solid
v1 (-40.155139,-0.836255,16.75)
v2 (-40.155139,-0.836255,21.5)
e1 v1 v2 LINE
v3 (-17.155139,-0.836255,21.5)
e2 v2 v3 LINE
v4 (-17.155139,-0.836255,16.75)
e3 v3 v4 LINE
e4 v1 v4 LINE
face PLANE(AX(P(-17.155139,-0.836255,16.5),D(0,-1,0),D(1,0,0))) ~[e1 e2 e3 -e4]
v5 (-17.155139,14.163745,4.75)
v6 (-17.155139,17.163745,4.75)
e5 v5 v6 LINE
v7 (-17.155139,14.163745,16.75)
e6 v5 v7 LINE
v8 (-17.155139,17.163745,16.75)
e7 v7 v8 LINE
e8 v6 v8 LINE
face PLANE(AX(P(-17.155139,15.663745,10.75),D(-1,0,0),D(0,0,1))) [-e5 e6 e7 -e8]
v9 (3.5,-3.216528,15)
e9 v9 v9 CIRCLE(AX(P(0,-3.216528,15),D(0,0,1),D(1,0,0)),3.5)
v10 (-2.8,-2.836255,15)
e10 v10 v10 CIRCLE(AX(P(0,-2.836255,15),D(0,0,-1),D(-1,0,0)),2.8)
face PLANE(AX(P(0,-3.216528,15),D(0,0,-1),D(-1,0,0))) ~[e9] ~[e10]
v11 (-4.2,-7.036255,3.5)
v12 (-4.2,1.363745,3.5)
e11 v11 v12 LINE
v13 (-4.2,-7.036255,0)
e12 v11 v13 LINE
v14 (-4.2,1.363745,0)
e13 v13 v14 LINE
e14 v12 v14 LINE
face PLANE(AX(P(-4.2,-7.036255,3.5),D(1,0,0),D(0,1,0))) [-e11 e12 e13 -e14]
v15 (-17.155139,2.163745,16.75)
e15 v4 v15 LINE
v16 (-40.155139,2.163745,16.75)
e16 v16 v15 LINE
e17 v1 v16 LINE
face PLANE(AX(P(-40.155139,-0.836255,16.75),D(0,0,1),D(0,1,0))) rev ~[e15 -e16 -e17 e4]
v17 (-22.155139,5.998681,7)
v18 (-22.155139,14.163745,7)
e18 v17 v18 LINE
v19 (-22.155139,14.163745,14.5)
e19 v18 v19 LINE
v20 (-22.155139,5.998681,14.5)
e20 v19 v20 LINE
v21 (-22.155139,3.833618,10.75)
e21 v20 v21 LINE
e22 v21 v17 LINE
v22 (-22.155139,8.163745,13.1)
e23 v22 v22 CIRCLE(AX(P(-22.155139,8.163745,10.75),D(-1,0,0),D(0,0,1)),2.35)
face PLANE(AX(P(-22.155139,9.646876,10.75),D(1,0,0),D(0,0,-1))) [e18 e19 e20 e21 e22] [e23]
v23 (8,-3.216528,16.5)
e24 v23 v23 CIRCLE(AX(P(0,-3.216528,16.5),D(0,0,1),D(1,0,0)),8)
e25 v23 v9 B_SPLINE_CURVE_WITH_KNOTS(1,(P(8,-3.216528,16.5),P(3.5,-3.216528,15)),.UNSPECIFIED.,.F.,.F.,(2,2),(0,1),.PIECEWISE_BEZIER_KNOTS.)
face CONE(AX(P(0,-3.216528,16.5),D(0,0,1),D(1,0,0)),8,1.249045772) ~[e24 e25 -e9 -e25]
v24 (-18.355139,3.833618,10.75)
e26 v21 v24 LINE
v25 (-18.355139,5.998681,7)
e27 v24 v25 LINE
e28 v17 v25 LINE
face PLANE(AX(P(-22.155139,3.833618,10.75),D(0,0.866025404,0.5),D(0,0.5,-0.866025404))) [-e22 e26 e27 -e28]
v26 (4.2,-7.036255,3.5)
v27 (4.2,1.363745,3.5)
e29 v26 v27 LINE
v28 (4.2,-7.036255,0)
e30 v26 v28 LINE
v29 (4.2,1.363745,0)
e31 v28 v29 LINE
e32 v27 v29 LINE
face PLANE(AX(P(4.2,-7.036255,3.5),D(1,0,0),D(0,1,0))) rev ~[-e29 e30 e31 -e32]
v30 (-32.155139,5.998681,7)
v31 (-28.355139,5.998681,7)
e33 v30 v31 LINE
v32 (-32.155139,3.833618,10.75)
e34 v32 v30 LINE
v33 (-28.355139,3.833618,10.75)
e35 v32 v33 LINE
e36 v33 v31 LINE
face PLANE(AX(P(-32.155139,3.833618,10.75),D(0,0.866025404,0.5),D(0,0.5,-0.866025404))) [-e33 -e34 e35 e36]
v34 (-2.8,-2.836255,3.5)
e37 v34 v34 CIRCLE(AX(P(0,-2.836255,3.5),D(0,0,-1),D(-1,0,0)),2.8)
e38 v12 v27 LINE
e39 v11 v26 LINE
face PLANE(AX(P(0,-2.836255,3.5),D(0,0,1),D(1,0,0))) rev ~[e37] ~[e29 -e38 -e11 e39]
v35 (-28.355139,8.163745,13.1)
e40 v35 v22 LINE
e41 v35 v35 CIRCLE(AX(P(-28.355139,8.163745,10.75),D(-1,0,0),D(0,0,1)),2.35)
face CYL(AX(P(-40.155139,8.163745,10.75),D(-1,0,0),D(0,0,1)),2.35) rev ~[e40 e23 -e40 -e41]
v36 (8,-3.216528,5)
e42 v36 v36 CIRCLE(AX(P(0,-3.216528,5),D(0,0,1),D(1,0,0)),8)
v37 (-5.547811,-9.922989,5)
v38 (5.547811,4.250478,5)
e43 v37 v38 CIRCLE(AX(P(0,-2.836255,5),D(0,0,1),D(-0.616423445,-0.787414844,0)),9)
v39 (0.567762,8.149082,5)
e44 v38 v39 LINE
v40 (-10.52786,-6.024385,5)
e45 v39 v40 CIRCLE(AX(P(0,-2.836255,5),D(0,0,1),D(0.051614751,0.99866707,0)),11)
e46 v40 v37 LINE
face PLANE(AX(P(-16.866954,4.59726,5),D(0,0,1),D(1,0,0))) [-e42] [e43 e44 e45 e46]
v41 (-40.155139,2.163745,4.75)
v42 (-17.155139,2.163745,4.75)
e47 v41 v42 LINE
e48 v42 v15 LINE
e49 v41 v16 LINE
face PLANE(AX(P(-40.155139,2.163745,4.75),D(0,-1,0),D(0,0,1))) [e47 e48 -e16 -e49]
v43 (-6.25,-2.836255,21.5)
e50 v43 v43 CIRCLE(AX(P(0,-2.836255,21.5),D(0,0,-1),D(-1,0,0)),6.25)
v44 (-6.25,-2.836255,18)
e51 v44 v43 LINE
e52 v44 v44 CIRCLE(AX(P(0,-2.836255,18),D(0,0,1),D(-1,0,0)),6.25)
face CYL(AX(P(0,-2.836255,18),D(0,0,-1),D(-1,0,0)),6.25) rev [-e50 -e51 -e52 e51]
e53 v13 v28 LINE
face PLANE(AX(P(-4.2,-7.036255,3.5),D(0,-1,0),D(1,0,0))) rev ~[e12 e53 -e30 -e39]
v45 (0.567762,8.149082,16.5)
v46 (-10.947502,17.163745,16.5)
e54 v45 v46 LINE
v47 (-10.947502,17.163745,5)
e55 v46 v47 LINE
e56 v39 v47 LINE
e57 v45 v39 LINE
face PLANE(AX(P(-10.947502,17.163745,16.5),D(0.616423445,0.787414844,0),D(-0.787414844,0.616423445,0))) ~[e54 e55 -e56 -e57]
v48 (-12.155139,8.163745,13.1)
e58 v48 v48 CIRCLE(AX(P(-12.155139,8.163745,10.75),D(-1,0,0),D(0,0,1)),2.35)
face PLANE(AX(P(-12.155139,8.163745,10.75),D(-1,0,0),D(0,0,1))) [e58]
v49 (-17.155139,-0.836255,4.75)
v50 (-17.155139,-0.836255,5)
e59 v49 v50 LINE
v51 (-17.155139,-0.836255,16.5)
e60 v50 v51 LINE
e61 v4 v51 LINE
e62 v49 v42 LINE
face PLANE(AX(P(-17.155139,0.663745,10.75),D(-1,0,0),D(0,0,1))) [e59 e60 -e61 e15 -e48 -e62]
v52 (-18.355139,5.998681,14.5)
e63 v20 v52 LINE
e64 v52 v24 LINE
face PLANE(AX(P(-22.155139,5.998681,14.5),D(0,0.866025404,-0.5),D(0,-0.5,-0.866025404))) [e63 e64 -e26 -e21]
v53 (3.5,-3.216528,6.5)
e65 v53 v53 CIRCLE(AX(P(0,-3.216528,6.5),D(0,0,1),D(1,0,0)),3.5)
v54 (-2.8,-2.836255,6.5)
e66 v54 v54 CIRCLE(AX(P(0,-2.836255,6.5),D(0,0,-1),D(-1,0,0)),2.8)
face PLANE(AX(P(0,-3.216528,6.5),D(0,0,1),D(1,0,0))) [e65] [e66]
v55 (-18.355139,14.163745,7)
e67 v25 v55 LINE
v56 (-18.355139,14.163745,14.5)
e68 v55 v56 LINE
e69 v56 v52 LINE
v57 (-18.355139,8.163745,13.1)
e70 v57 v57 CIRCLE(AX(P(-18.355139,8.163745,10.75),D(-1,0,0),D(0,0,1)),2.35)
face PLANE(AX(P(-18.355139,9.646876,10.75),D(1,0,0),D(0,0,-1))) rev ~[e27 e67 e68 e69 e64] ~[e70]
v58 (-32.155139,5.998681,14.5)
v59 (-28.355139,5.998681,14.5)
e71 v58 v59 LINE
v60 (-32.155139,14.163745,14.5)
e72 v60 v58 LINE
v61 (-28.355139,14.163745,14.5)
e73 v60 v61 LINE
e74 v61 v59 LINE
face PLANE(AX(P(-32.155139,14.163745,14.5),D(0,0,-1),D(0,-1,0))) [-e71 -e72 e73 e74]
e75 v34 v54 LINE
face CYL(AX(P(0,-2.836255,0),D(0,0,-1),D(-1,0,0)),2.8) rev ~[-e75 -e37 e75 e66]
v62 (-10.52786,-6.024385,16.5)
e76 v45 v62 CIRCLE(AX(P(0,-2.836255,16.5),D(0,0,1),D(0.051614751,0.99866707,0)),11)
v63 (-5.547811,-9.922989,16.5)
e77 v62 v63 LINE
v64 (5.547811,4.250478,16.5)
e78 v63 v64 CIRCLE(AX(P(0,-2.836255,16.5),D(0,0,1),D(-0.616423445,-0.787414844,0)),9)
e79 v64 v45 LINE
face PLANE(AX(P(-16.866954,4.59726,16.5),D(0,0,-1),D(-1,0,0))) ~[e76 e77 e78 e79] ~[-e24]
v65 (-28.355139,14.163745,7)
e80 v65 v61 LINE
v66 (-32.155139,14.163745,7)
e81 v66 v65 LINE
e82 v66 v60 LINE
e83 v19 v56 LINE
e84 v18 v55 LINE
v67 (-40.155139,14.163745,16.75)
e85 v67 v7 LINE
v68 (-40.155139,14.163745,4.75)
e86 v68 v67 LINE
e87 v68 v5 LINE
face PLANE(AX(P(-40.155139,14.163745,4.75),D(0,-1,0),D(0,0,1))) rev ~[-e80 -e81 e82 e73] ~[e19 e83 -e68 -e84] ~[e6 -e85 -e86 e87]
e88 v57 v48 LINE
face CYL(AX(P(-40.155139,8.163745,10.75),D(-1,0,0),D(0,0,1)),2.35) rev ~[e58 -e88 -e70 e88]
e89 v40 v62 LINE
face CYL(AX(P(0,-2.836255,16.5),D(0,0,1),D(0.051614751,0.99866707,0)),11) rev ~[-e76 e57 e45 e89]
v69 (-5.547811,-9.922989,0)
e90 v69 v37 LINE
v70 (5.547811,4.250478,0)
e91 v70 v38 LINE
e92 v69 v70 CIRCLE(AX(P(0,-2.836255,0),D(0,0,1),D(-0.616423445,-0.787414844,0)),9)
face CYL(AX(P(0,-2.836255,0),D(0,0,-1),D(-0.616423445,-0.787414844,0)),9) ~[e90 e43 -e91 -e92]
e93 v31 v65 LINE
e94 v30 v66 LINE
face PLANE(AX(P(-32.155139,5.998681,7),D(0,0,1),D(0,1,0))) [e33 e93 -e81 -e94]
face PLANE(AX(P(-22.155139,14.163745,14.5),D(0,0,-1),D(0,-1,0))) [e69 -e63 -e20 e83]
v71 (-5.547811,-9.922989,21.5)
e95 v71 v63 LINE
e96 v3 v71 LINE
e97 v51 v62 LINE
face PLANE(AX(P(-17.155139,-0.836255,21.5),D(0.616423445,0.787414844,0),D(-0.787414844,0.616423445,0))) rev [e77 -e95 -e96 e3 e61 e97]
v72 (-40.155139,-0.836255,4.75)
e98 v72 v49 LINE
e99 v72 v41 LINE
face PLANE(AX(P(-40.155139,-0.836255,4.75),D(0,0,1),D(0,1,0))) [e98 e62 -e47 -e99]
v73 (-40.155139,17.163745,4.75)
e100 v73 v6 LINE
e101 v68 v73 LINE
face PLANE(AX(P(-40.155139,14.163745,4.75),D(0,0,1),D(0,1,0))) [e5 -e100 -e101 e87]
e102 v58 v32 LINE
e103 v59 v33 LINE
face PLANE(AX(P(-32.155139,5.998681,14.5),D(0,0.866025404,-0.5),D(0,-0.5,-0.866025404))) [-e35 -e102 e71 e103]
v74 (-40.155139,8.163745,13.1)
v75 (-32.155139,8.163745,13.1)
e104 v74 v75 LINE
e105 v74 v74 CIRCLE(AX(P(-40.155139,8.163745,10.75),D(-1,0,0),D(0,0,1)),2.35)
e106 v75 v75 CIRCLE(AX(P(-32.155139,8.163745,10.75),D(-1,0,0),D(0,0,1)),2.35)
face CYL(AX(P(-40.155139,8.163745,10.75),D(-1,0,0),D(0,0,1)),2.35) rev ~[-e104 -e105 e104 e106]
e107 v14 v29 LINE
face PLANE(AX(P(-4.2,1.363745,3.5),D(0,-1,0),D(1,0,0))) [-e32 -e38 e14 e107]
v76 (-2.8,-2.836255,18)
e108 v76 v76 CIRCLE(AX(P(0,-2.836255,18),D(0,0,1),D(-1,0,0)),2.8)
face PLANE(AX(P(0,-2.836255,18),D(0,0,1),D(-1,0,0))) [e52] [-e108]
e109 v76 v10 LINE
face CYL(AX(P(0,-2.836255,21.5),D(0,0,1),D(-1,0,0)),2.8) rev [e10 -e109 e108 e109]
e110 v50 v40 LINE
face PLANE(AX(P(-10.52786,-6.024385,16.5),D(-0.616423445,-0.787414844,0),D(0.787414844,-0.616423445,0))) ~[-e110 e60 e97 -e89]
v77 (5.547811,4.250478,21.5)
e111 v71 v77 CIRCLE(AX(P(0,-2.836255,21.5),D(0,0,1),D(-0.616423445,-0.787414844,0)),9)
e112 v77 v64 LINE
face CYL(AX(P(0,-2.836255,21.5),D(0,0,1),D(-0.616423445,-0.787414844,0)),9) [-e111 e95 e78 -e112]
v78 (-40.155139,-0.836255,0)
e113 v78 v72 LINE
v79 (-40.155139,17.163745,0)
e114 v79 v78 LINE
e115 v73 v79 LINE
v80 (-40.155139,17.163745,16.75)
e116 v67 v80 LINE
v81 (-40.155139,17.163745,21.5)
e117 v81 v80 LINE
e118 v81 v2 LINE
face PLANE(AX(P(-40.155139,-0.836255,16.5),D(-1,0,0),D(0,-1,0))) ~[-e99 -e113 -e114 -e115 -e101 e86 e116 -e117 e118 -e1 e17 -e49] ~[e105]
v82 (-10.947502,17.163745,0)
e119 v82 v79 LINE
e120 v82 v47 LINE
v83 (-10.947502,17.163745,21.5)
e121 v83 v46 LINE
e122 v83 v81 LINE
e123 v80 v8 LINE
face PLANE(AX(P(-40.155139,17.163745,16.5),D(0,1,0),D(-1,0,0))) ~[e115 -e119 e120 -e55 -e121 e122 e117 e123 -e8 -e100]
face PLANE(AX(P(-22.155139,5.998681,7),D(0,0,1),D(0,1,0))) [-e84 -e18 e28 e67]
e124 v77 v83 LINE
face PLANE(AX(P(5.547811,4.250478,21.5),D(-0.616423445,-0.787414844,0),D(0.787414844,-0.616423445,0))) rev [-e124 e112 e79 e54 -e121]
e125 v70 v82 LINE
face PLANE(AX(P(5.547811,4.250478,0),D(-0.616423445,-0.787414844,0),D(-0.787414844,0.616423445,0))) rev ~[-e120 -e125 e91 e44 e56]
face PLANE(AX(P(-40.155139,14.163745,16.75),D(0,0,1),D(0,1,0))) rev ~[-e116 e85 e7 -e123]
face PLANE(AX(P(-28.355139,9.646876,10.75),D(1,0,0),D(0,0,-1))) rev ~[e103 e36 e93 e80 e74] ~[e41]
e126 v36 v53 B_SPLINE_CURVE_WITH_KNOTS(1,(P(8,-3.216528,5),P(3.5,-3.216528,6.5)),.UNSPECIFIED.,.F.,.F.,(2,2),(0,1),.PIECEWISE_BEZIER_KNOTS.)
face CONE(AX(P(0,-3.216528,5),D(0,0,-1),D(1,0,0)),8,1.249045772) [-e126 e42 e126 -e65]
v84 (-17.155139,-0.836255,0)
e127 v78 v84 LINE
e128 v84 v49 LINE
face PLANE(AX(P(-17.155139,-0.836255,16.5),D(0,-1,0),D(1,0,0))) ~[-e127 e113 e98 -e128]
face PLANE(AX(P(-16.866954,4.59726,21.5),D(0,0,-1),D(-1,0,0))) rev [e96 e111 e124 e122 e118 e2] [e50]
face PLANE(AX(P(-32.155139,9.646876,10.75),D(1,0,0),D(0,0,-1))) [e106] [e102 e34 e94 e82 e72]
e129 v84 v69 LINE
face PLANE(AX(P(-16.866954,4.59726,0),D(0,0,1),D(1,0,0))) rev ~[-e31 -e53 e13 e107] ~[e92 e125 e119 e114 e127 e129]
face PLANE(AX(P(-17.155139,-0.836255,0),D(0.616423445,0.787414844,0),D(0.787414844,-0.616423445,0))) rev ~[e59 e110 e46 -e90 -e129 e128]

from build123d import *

# Parameters (mm, degrees)
BOSS_EXTRUDE1_DEPTH = 5
SKETCH8_R           = 3.5
BOSS_EXTRUDE5_DEPTH = 1.5
SKETCH10_R          = 8
BOSS_EXTRUDE7_DEPTH = 5.75
SKETCH15_R          = 2.8
CUT_EXTRUDE7_DEPTH  = 10
NUT_CUT_START       = -1.5
SKETCH6_W           = 8.4
SKETCH6_H           = 8.4
NUT_CUT_DEPTH       = 46.182751545
SKETCH16_W          = 12
SKETCH16_H          = 3
CUT_EXTRUDE8_DEPTH  = 23
SKETCH17_R          = 2.35
CUT_EXTRUDE9_DEPTH  = 28
CUT_EXTRUDE10_START = 1.5
SKETCH19_R          = 6.25
CUT_EXTRUDE10_DEPTH = 46.182751545
CUT_EXTRUDE11_START = -8
CUT_EXTRUDE11_DEPTH = 3.8
LPATTERN1_COUNT     = 2
LPATTERN1_PITCH     = 10


with BuildPart() as part:
    # Sketch1 → Boss-Extrude1 (new body)
    with BuildSketch(Plane.XY):
        with BuildLine():
            Line((-40.155138696, -0.836255417), (-17.155138696, -0.836255417))
            Line((-17.155138696, -0.836255417), (-5.547811002, -9.922989015))
            ThreePointArc((-5.547811002, -9.922989015), (7.086733598, -8.384066419), (5.547811002, 4.250478181))
            Line((5.547811002, 4.250478181), (-10.947501986, 17.163744583))
            Line((-10.947501986, 17.163744583), (-40.155138696, 17.163744583))
            Line((-40.155138696, 17.163744583), (-40.155138696, -0.836255417))
        make_face()
    extrude(amount=BOSS_EXTRUDE1_DEPTH)

    # Sketch8 → Boss-Extrude5 (add)
    with BuildSketch(Plane.XY.offset(5)):
        with Locations((0, -3.216528208)):
            Circle(SKETCH8_R)
    extrude(amount=BOSS_EXTRUDE5_DEPTH)

    # Sketch10 → section 0 of loft4
    with BuildSketch(Plane.XY.offset(5), mode=Mode.PRIVATE) as loft4_s0:
        with Locations((0, -3.216528208)):
            Circle(SKETCH10_R)
    # loft up to a face of the part (loft4)
    loft([loft4_s0.sketch, part.faces().sort_by_distance((0, -3.216528208, 6.5))[0]])

    # Sketch14 → Boss-Extrude7 (add)
    with BuildSketch(Plane.XY.offset(5)):
        with BuildLine():
            Line((-40.155138696, -0.836255417), (-40.155138696, 17.163744583))
            Line((-40.155138696, 17.163744583), (-10.947501986, 17.163744583))
            Line((-10.947501986, 17.163744583), (0.567762259, 8.149082357))
            ThreePointArc((0.567762259, 8.149082357), (-8.661563286, 3.944402474), (-10.527859744, -6.024384839))
            Line((-10.527859744, -6.024384839), (-17.155138696, -0.836255417))
            Line((-17.155138696, -0.836255417), (-40.155138696, -0.836255417))
        make_face()
    extrude(amount=BOSS_EXTRUDE7_DEPTH)

    # Sketch15 → Cut-Extrude7 (cut)
    with BuildSketch(Plane(origin=(0, 0, 0), x_dir=(-1, 0, 0), z_dir=(0, 0, -1))):
        with Locations((0, -2.836255417)):
            Circle(SKETCH15_R)
    extrude(amount=-CUT_EXTRUDE7_DEPTH, mode=Mode.SUBTRACT)

    # Mirror1: part across plane


with BuildPart() as part_1:
    add(part.part)
    add(part.part.mirror(Plane(origin=(0, -2.836255417, 10.75), x_dir=(1, 0, 0), z_dir=(0, 0, 1))))

    # Sketch6 → nut-cut (cut, through all)
    with BuildSketch(Plane.XY.offset(5).offset(NUT_CUT_START)):
        with Locations((0, -2.836255417)):
            Rectangle(SKETCH6_W, SKETCH6_H)
    extrude(amount=-NUT_CUT_DEPTH, mode=Mode.SUBTRACT)

    # Sketch16 → Cut-Extrude8 (cut)
    with BuildSketch(Plane.ZY.offset(40.155138696)):
        with Locations((10.75, 0.663744583)):
            Rectangle(SKETCH16_W, SKETCH16_H)
        with Locations((10.75, 15.663744583)):
            Rectangle(SKETCH16_W, SKETCH16_H)
    extrude(amount=-CUT_EXTRUDE8_DEPTH, mode=Mode.SUBTRACT)

    # Sketch17 → Cut-Extrude9 (cut)
    with BuildSketch(Plane.ZY.offset(40.155138696)):
        with Locations((10.75, 8.163744583)):
            Circle(SKETCH17_R)
    extrude(amount=-CUT_EXTRUDE9_DEPTH, mode=Mode.SUBTRACT)

    # Sketch19 → Cut-Extrude10 (cut, through all)
    with BuildSketch(Plane.XY.offset(16.5).offset(CUT_EXTRUDE10_START)):
        with Locations(Location((0, -2.836255417, 0), (0, 0, 180))):
            Circle(SKETCH19_R)
    extrude(amount=CUT_EXTRUDE10_DEPTH, mode=Mode.SUBTRACT)

    # Sketch20 → Cut-Extrude11 (cut)
    with BuildSketch(Plane.ZY.offset(40.155138696).offset(CUT_EXTRUDE11_START)):
        Polygon((7, 14.163744583), (14.5, 14.163744583), (14.5, 5.998681073), (10.75, 3.833617564), (7, 5.998681073), align=None)
    cut_extrude11 = extrude(amount=-CUT_EXTRUDE11_DEPTH, mode=Mode.SUBTRACT)

    # LPattern1: Cut-Extrude11 ×2
    with Locations(*[(i * LPATTERN1_PITCH, 0, 0) for i in range(1, LPATTERN1_COUNT)]):
        add(cut_extrude11, mode=Mode.SUBTRACT)


solid = part_1.part
